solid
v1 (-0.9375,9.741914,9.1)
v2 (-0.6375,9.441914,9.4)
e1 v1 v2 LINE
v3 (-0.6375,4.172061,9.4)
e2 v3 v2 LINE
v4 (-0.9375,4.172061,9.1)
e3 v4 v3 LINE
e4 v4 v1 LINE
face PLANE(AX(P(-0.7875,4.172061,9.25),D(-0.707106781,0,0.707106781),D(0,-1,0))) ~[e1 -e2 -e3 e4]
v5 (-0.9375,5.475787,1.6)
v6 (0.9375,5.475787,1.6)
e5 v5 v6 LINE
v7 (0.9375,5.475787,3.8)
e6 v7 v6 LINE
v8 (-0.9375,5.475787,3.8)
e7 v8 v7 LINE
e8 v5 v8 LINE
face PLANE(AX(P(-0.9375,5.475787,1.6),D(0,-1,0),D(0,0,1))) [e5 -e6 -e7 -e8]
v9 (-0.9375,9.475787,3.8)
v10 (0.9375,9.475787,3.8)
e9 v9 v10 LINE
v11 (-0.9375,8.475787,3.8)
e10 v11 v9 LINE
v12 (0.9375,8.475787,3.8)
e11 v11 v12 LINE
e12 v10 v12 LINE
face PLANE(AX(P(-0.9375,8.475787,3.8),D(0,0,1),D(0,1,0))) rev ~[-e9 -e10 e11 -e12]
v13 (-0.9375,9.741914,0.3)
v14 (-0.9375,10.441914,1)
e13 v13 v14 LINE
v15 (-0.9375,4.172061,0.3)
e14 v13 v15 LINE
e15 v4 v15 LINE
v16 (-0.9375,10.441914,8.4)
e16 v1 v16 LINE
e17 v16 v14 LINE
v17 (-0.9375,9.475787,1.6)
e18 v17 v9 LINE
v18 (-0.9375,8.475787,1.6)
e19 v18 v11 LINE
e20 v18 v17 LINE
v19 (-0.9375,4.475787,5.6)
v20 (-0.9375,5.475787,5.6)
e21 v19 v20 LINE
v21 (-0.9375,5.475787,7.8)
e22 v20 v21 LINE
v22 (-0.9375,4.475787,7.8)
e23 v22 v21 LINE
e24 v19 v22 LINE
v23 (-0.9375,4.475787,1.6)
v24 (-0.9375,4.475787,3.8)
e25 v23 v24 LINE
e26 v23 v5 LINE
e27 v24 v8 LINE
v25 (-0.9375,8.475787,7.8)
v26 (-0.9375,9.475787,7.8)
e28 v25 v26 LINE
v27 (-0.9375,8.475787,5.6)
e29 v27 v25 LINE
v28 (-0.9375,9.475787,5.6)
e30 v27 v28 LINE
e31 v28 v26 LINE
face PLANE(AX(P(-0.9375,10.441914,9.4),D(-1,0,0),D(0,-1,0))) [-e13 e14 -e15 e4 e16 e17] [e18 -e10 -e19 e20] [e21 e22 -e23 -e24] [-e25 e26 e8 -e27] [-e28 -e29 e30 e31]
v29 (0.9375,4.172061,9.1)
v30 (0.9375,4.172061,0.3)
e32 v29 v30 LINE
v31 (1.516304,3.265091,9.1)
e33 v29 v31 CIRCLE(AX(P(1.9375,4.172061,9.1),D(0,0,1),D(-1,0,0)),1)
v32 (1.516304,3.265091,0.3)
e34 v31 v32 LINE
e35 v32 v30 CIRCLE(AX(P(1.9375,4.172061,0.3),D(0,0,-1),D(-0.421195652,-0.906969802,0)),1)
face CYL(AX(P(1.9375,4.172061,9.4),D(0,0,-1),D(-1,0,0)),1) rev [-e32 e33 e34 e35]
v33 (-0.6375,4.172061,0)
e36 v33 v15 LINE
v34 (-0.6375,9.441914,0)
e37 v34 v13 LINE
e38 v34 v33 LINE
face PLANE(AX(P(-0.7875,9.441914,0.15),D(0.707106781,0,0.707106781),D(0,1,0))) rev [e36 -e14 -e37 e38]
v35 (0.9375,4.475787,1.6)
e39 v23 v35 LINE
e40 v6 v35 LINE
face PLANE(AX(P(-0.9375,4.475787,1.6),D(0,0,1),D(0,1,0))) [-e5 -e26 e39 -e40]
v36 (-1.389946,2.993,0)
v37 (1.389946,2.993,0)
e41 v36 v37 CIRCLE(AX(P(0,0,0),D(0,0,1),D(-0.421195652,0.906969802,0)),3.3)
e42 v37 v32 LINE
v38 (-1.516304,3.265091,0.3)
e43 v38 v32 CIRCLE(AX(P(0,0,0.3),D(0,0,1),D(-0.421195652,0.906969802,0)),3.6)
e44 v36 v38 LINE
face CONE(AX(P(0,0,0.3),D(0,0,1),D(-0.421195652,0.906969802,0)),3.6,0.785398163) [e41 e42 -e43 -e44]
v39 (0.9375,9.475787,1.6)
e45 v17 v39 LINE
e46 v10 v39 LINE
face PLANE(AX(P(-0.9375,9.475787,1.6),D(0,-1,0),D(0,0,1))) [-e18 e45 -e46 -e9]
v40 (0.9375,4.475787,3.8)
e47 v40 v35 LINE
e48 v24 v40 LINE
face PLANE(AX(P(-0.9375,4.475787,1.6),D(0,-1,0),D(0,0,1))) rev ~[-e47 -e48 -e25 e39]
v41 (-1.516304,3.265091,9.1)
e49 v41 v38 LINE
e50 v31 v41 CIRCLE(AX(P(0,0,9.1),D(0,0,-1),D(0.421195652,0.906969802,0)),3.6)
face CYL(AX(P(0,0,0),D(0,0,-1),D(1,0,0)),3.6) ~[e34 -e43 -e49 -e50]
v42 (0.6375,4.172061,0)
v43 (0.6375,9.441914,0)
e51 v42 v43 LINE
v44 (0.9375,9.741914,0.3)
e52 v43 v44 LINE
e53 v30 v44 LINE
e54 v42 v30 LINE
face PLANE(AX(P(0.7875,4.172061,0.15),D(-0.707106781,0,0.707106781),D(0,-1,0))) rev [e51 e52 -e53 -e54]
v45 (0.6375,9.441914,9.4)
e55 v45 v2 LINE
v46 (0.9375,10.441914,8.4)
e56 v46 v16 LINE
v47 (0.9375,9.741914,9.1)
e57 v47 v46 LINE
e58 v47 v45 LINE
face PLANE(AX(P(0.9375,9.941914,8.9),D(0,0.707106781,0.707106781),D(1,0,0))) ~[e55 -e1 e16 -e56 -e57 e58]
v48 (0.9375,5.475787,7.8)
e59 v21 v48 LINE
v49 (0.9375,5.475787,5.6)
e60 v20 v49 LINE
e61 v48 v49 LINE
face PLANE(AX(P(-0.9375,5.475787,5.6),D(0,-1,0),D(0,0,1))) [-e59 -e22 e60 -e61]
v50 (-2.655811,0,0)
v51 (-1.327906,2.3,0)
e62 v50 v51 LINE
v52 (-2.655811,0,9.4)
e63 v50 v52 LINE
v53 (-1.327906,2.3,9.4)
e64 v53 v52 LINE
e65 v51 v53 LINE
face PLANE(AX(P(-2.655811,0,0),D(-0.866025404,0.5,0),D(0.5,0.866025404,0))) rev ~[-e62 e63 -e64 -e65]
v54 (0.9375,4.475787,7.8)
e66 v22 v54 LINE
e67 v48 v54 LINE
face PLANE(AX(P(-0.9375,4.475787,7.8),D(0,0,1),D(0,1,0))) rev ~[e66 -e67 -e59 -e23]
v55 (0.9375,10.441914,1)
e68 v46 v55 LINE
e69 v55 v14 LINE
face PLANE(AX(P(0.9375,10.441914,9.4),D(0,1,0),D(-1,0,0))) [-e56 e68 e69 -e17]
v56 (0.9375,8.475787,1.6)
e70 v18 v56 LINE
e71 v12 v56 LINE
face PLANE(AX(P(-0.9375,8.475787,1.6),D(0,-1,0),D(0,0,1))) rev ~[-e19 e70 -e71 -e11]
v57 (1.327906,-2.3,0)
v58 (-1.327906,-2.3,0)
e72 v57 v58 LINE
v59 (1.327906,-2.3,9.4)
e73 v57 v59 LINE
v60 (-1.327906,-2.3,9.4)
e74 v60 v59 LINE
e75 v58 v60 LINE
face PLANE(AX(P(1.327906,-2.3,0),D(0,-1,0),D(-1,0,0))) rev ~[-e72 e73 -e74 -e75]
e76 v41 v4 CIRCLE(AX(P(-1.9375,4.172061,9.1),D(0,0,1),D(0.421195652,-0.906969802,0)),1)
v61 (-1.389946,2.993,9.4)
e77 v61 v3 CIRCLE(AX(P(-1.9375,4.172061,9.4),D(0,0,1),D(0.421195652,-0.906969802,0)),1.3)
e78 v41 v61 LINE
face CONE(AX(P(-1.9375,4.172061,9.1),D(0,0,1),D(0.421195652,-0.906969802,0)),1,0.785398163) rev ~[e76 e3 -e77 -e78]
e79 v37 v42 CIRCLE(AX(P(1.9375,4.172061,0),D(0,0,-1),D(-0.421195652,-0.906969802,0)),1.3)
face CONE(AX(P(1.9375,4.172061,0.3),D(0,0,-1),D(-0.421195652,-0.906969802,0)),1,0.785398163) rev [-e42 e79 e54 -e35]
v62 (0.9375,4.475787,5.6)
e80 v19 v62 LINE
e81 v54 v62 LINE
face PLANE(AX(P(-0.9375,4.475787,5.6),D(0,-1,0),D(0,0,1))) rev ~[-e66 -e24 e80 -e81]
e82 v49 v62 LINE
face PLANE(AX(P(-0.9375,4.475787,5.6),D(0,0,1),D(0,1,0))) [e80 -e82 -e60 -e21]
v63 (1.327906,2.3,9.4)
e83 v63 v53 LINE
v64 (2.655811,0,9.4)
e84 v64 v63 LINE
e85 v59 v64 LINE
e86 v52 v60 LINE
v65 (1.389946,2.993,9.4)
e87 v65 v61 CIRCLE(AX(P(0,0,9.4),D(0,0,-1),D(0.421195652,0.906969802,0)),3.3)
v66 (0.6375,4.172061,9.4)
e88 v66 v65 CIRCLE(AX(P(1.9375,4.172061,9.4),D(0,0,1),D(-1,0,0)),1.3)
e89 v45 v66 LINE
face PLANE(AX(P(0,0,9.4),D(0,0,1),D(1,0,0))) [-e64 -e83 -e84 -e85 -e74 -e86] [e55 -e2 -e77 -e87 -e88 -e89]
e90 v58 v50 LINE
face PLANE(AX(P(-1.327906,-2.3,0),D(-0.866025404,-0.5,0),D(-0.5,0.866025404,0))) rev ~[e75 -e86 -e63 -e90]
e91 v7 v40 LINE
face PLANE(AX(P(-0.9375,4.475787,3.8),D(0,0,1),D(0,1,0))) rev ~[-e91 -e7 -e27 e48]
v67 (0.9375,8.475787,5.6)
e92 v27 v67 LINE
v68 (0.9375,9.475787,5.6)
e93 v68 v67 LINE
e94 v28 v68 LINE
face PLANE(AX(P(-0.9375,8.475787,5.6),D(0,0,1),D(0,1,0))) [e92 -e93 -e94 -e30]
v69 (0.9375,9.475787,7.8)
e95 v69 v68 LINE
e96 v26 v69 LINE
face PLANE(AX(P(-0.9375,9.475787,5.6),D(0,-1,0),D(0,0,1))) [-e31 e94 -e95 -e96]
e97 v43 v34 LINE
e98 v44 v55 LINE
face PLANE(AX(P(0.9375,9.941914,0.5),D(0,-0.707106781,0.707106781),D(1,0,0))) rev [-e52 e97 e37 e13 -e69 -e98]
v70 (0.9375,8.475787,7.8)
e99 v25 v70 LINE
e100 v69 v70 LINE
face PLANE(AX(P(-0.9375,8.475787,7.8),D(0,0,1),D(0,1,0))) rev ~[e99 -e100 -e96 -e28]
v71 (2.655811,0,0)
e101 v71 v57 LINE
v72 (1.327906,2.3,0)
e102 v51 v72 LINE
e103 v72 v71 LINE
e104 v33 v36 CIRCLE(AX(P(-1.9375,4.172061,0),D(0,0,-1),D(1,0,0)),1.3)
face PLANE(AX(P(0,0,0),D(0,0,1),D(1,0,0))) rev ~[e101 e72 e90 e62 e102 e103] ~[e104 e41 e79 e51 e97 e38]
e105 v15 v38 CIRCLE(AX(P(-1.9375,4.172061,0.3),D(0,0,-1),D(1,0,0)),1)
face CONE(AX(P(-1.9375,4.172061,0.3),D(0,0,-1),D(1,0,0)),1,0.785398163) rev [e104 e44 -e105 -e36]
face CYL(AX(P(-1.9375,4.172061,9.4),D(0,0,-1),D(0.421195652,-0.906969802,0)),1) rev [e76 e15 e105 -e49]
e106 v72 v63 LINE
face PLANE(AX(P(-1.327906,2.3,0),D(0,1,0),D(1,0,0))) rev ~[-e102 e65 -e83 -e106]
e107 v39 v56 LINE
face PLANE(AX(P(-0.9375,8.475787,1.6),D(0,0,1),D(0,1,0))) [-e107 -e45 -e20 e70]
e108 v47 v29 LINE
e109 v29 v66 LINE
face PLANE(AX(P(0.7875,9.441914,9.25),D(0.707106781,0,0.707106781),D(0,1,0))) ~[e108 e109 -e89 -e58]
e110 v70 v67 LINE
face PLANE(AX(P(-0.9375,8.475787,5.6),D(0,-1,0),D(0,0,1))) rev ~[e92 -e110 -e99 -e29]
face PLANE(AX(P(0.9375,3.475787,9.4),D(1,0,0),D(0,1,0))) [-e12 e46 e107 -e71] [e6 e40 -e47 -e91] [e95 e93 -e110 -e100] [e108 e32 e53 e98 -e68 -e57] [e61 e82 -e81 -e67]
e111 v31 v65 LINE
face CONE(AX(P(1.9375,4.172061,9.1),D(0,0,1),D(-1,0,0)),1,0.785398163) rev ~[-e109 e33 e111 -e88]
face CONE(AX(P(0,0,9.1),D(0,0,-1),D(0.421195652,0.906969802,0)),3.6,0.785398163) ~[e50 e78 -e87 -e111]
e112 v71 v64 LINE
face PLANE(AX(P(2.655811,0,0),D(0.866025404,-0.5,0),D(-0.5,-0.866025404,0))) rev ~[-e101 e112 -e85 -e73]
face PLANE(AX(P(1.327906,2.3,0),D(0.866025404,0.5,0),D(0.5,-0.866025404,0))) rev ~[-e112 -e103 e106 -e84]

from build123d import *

# Parameters (mm, degrees)
SKETCH2_R           = 3.6
SKETCH2_R_2         = 1.625
BOSS_EXTRUDE1_DEPTH = 9.4
BOSS_EXTRUDE2_DEPTH = 9.4
SKETCH4_W           = 2.2
SKETCH4_H           = 1
CUT_EXTRUDE2_DEPTH  = 10
CHAMFER2_SIZE       = 1
FILLET1_R           = 1
CUT_EXTRUDE3_DEPTH  = 10
CHAMFER1_SIZE       = 0.3


with BuildPart() as part:
    # Sketch2 → Boss-Extrude1 (new body)
    with BuildSketch(Plane.XY):
        Circle(SKETCH2_R)
        Circle(SKETCH2_R_2, mode=Mode.SUBTRACT)
    extrude(amount=BOSS_EXTRUDE1_DEPTH)

    # Sketch3 → Boss-Extrude2 (add)
    with BuildSketch(Plane.XY.offset(9.4)):
        with BuildLine():
            Line((-0.9375, 10.44191444), (-0.9375, 3.475786781))
            ThreePointArc((-0.9375, 3.475786781), (0, 3.6), (0.9375, 3.475786781))
            Line((0.9375, 3.475786781), (0.9375, 10.44191444))
            Line((0.9375, 10.44191444), (-0.9375, 10.44191444))
        make_face()
    extrude(amount=-BOSS_EXTRUDE2_DEPTH)

    # Sketch4 → Cut-Extrude2 (cut)
    with BuildSketch(Plane.ZY.offset(0.9375)):
        with Locations((2.7, 8.975786781)):
            Rectangle(SKETCH4_W, SKETCH4_H)
        with Locations((6.7, 8.975786781)):
            Rectangle(SKETCH4_W, SKETCH4_H)
        with Locations((2.7, 4.975786781)):
            Rectangle(SKETCH4_W, SKETCH4_H)
        with Locations((6.7, 4.975786781)):
            Rectangle(SKETCH4_W, SKETCH4_H)
    extrude(amount=-CUT_EXTRUDE2_DEPTH, mode=Mode.SUBTRACT)

    # Chamfer2
    chamfer2_edges = [part.edges().sort_by_distance(p)[0] for p in [
        (0, 10.44191444, 0),
        (0, 10.44191444, 9.4),
    ]]
    chamfer(chamfer2_edges, length=CHAMFER2_SIZE)

    # Fillet1
    fillet1_edges = [part.edges().sort_by_distance(p)[0] for p in [
        (0.9375, 3.475786781, 4.7),
        (-0.9375, 3.475786781, 4.7),
    ]]
    fillet(fillet1_edges, radius=FILLET1_R)

    # Sketch5 → Cut-Extrude3 (cut)
    with BuildSketch(Plane(origin=(0, 0, 0), x_dir=(-1, 0, 0), z_dir=(0, 0, -1))):
        Polygon((1.327905619, 2.3), (-1.327905619, 2.3), (-2.655811238, 0), (-1.327905619, -2.3), (1.327905619, -2.3), (2.655811238, 0), align=None)
    extrude(amount=-CUT_EXTRUDE3_DEPTH, mode=Mode.SUBTRACT)

    # Chamfer1
    chamfer1_edges = [part.edges().sort_by_distance(p)[0] for p in [
        (0.9375, 6.806987766, 0),
        (-0.9375, 6.806987766, 0),
        (0, -3.6, 0),
        (0, -3.6, 9.4),
        (0.9375, 6.806987766, 9.4),
        (-0.9375, 6.806987766, 9.4),
        (1.094530353, 3.634099965, 9.4),
        (1.094530353, 3.634099965, 0),
        (-1.094530353, 3.634099965, 9.4),
        (-1.094530353, 3.634099965, 0),
    ]]
    chamfer(chamfer1_edges, length=CHAMFER1_SIZE)


solid = part.part
